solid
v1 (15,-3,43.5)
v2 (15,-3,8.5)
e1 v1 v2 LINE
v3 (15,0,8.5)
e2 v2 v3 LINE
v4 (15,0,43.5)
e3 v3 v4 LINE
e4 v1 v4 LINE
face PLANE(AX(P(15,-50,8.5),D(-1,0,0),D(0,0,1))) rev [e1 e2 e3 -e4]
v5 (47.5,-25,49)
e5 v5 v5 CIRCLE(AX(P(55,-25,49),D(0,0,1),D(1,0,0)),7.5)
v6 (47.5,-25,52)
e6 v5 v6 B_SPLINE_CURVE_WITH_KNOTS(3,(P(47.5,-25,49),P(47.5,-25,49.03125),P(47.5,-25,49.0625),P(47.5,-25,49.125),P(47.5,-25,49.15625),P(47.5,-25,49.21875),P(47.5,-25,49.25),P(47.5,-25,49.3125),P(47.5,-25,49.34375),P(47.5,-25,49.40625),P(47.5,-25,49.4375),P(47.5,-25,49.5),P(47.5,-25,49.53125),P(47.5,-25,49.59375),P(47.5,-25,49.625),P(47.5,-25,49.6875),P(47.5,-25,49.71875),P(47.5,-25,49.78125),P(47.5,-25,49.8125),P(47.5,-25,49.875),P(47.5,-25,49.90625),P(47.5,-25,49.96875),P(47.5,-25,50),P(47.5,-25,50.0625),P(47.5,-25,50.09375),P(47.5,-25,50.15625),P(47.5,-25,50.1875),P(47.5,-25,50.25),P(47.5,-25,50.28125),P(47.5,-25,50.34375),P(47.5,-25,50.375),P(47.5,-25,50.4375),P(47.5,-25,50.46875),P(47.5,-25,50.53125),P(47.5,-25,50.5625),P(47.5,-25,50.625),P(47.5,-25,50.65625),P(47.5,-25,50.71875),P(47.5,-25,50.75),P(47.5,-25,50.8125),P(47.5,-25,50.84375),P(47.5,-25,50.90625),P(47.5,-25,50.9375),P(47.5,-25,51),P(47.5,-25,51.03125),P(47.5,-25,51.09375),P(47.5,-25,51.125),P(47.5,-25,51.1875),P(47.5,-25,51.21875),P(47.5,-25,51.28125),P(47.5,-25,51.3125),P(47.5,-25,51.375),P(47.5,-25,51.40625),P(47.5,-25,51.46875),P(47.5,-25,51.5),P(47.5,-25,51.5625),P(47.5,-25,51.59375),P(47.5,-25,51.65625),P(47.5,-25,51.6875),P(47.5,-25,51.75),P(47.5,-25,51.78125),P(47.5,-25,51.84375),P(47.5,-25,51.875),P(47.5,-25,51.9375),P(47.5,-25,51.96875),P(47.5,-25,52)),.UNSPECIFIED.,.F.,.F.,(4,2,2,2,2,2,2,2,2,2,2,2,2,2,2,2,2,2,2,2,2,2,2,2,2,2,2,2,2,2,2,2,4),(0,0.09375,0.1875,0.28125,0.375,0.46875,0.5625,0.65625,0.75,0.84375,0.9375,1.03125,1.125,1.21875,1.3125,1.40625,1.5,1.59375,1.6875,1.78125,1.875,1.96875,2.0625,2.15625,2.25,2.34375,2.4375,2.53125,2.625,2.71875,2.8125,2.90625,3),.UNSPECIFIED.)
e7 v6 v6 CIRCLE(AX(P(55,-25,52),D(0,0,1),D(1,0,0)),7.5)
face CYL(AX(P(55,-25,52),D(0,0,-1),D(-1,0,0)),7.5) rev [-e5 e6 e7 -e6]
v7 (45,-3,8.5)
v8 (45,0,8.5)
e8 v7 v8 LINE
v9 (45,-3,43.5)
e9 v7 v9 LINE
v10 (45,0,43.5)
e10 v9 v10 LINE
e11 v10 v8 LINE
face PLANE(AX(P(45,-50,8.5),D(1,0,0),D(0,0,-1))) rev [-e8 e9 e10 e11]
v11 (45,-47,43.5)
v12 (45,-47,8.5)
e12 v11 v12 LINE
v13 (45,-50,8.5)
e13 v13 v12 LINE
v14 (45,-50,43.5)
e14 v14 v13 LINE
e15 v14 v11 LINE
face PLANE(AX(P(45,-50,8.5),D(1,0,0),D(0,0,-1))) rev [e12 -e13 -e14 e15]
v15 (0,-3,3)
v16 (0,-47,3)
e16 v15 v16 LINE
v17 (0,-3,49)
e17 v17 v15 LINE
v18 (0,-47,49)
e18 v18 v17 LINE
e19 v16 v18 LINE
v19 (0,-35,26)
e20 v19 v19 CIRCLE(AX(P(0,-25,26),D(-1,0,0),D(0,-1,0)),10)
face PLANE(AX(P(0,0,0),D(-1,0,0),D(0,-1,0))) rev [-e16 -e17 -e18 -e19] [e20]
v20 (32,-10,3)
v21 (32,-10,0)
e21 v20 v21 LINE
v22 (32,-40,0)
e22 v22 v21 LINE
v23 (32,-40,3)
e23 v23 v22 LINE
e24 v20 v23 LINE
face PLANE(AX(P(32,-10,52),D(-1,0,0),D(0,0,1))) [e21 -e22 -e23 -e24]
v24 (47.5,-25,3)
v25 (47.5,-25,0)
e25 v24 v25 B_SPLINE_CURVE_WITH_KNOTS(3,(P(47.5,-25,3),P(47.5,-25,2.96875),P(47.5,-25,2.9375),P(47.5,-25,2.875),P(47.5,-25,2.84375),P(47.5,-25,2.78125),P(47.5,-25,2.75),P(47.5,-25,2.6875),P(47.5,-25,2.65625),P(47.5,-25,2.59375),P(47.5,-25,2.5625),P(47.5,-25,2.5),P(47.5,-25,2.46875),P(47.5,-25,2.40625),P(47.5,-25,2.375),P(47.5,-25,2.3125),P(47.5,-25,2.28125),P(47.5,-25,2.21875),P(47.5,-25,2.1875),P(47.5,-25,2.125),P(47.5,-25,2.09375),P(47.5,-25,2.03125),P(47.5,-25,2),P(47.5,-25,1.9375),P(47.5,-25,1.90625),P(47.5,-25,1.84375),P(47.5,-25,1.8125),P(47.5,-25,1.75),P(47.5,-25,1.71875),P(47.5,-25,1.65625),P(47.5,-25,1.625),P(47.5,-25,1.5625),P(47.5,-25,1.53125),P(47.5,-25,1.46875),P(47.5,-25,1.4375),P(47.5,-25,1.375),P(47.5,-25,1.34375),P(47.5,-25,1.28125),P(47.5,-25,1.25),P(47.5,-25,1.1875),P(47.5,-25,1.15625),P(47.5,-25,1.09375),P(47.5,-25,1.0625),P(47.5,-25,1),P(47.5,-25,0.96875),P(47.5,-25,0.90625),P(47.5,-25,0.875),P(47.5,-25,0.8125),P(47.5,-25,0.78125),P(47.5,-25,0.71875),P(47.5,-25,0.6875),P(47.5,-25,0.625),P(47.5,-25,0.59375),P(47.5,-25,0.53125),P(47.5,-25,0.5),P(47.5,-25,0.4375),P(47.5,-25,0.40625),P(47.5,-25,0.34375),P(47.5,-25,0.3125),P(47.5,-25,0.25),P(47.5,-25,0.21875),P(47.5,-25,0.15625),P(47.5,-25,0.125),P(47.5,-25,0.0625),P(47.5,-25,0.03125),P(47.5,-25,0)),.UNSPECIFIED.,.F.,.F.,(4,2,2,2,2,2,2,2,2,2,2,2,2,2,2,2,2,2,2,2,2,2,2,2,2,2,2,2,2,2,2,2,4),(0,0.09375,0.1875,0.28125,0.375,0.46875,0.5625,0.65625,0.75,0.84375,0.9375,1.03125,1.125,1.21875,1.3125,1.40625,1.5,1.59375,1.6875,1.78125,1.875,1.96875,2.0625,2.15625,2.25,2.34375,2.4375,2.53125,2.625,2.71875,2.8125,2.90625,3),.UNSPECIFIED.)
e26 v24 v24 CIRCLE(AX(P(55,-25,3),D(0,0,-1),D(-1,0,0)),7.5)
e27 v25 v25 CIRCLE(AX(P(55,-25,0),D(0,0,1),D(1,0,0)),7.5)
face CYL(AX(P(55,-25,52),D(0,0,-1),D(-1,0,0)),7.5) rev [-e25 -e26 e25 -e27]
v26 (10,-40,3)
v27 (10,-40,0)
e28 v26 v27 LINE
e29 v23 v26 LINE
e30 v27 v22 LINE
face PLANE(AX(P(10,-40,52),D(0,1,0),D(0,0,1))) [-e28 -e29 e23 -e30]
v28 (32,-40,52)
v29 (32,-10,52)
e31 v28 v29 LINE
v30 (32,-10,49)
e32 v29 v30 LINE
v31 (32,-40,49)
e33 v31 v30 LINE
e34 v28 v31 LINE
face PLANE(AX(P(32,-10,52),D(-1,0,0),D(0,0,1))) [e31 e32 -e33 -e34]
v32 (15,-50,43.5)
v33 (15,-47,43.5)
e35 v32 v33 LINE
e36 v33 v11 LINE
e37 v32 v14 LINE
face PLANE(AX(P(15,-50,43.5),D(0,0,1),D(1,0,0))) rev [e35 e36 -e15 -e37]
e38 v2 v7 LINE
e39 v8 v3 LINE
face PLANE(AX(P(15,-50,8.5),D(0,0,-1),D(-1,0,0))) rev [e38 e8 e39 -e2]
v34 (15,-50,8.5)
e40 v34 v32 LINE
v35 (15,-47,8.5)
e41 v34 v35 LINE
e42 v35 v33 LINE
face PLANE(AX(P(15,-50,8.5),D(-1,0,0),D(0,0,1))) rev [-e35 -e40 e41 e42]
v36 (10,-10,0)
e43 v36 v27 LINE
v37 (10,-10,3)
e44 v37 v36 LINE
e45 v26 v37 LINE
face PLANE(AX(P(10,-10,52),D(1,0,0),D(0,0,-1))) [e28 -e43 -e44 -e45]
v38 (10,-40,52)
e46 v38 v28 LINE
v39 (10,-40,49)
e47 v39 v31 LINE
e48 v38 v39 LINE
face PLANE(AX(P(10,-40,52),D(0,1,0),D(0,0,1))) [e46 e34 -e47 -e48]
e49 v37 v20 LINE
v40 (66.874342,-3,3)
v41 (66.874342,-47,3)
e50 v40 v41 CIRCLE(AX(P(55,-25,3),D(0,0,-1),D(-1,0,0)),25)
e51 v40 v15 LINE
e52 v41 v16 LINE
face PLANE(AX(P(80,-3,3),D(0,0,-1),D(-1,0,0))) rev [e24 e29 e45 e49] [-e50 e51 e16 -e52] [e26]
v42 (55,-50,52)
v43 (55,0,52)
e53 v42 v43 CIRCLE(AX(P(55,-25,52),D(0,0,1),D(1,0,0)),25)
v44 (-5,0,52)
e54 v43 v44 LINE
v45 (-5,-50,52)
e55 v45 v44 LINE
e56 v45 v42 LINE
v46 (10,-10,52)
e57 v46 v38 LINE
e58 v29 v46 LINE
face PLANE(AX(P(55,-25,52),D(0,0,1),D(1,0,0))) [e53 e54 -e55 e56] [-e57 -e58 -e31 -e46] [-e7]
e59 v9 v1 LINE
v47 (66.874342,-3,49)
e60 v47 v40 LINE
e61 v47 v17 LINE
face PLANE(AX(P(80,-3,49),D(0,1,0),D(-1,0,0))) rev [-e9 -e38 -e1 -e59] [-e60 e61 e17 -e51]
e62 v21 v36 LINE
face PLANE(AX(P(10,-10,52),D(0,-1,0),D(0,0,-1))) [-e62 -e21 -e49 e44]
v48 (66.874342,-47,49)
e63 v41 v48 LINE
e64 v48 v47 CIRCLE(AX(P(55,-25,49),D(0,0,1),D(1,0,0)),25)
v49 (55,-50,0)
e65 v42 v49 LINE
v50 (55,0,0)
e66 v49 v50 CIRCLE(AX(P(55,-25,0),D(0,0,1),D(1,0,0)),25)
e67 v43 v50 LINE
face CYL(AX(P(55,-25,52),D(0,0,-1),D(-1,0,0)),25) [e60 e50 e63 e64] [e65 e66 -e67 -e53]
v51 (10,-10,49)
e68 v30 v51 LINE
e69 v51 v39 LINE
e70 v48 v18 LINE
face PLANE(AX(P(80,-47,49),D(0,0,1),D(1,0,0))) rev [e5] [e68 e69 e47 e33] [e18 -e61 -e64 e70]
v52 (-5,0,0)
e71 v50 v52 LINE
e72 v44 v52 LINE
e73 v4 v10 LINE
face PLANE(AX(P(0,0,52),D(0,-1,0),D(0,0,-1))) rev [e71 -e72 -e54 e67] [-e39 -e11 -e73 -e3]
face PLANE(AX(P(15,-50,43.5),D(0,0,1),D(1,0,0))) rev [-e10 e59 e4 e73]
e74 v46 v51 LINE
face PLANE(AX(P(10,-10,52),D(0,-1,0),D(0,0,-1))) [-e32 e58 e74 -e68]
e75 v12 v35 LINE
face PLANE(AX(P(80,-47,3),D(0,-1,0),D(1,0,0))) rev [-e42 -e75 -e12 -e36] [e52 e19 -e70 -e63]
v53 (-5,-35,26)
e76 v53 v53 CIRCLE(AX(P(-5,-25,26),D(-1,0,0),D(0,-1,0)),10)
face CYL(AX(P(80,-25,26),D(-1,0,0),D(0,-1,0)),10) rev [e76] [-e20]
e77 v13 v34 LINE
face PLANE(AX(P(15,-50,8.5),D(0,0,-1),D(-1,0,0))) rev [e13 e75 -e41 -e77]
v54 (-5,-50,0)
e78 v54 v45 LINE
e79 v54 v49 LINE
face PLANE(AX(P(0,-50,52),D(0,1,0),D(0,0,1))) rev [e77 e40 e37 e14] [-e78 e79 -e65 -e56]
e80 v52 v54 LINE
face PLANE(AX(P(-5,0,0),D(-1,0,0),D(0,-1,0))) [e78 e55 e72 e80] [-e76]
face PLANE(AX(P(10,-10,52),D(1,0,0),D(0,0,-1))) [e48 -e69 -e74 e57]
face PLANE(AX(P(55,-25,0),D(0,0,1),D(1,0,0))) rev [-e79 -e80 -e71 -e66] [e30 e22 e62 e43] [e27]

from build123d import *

# Parameters (mm, degrees)
SKETCH_1_R          = 7.5
SKETCH_1_W          = 22
SKETCH_1_H          = 30
EXTRUDE_1_DEPTH     = 52
SKETCH_2_W          = 30
SKETCH_2_H          = 35
CUT_EXTRUDE_1_DEPTH = 108.721864076
SKETCH_3_W          = 46
SKETCH_3_H          = 44
CUT_EXTRUDE_2_DEPTH = 108.721864076
SKETCH_4_W          = 52
SKETCH_4_H          = 50
EXTRUDE_2_DEPTH     = 5
SKETCH_5_R          = 10
CUT_EXTRUDE_3_DEPTH = 112.485425056


with BuildPart() as part:
    # ｽｹｯﾁ1 → ﾎﾞｽ - 押し出し1 (new body)
    with BuildSketch(Plane.XY):
        with BuildLine():
            Line((0, 0), (55, 0))
            ThreePointArc((55, 0), (80, -25), (55, -50))
            Line((55, -50), (0, -50))
            Line((0, -50), (0, 0))
        make_face()
        with Locations(Location((55, -25, 0), (0, 0, 180))):
            Circle(SKETCH_1_R, mode=Mode.SUBTRACT)
        with Locations((21, -25)):
            Rectangle(SKETCH_1_W, SKETCH_1_H, mode=Mode.SUBTRACT)
    extrude(amount=EXTRUDE_1_DEPTH)

    # ｽｹｯﾁ2 → ｶｯﾄ - 押し出し1 (cut, through all)
    with BuildSketch(Plane(origin=(0, 0, 0), x_dir=(1, 0, 0), z_dir=(0, 1, 0))):
        with Locations((30, -26)):
            Rectangle(SKETCH_2_W, SKETCH_2_H)
    extrude(amount=-CUT_EXTRUDE_1_DEPTH, mode=Mode.SUBTRACT)

    # ｽｹｯﾁ3 → ｶｯﾄ - 押し出し2 (cut, through all)
    with BuildSketch(Plane.ZY):
        with Locations((26, -25)):
            Rectangle(SKETCH_3_W, SKETCH_3_H)
    extrude(amount=-CUT_EXTRUDE_2_DEPTH, mode=Mode.SUBTRACT)

    # ｽｹｯﾁ4 → ﾎﾞｽ - 押し出し2 (add)
    with BuildSketch(Plane.ZY):
        with Locations((26, -25)):
            Rectangle(SKETCH_4_W, SKETCH_4_H)
    extrude(amount=EXTRUDE_2_DEPTH)

    # ｽｹｯﾁ5 → ｶｯﾄ - 押し出し3 (cut, through all)
    with BuildSketch(Plane.ZY.offset(5)):
        with Locations(Location((26, -25, 0), (0, 0, 270))):
            Circle(SKETCH_5_R)
    extrude(amount=-CUT_EXTRUDE_3_DEPTH, mode=Mode.SUBTRACT)


solid = part.part
